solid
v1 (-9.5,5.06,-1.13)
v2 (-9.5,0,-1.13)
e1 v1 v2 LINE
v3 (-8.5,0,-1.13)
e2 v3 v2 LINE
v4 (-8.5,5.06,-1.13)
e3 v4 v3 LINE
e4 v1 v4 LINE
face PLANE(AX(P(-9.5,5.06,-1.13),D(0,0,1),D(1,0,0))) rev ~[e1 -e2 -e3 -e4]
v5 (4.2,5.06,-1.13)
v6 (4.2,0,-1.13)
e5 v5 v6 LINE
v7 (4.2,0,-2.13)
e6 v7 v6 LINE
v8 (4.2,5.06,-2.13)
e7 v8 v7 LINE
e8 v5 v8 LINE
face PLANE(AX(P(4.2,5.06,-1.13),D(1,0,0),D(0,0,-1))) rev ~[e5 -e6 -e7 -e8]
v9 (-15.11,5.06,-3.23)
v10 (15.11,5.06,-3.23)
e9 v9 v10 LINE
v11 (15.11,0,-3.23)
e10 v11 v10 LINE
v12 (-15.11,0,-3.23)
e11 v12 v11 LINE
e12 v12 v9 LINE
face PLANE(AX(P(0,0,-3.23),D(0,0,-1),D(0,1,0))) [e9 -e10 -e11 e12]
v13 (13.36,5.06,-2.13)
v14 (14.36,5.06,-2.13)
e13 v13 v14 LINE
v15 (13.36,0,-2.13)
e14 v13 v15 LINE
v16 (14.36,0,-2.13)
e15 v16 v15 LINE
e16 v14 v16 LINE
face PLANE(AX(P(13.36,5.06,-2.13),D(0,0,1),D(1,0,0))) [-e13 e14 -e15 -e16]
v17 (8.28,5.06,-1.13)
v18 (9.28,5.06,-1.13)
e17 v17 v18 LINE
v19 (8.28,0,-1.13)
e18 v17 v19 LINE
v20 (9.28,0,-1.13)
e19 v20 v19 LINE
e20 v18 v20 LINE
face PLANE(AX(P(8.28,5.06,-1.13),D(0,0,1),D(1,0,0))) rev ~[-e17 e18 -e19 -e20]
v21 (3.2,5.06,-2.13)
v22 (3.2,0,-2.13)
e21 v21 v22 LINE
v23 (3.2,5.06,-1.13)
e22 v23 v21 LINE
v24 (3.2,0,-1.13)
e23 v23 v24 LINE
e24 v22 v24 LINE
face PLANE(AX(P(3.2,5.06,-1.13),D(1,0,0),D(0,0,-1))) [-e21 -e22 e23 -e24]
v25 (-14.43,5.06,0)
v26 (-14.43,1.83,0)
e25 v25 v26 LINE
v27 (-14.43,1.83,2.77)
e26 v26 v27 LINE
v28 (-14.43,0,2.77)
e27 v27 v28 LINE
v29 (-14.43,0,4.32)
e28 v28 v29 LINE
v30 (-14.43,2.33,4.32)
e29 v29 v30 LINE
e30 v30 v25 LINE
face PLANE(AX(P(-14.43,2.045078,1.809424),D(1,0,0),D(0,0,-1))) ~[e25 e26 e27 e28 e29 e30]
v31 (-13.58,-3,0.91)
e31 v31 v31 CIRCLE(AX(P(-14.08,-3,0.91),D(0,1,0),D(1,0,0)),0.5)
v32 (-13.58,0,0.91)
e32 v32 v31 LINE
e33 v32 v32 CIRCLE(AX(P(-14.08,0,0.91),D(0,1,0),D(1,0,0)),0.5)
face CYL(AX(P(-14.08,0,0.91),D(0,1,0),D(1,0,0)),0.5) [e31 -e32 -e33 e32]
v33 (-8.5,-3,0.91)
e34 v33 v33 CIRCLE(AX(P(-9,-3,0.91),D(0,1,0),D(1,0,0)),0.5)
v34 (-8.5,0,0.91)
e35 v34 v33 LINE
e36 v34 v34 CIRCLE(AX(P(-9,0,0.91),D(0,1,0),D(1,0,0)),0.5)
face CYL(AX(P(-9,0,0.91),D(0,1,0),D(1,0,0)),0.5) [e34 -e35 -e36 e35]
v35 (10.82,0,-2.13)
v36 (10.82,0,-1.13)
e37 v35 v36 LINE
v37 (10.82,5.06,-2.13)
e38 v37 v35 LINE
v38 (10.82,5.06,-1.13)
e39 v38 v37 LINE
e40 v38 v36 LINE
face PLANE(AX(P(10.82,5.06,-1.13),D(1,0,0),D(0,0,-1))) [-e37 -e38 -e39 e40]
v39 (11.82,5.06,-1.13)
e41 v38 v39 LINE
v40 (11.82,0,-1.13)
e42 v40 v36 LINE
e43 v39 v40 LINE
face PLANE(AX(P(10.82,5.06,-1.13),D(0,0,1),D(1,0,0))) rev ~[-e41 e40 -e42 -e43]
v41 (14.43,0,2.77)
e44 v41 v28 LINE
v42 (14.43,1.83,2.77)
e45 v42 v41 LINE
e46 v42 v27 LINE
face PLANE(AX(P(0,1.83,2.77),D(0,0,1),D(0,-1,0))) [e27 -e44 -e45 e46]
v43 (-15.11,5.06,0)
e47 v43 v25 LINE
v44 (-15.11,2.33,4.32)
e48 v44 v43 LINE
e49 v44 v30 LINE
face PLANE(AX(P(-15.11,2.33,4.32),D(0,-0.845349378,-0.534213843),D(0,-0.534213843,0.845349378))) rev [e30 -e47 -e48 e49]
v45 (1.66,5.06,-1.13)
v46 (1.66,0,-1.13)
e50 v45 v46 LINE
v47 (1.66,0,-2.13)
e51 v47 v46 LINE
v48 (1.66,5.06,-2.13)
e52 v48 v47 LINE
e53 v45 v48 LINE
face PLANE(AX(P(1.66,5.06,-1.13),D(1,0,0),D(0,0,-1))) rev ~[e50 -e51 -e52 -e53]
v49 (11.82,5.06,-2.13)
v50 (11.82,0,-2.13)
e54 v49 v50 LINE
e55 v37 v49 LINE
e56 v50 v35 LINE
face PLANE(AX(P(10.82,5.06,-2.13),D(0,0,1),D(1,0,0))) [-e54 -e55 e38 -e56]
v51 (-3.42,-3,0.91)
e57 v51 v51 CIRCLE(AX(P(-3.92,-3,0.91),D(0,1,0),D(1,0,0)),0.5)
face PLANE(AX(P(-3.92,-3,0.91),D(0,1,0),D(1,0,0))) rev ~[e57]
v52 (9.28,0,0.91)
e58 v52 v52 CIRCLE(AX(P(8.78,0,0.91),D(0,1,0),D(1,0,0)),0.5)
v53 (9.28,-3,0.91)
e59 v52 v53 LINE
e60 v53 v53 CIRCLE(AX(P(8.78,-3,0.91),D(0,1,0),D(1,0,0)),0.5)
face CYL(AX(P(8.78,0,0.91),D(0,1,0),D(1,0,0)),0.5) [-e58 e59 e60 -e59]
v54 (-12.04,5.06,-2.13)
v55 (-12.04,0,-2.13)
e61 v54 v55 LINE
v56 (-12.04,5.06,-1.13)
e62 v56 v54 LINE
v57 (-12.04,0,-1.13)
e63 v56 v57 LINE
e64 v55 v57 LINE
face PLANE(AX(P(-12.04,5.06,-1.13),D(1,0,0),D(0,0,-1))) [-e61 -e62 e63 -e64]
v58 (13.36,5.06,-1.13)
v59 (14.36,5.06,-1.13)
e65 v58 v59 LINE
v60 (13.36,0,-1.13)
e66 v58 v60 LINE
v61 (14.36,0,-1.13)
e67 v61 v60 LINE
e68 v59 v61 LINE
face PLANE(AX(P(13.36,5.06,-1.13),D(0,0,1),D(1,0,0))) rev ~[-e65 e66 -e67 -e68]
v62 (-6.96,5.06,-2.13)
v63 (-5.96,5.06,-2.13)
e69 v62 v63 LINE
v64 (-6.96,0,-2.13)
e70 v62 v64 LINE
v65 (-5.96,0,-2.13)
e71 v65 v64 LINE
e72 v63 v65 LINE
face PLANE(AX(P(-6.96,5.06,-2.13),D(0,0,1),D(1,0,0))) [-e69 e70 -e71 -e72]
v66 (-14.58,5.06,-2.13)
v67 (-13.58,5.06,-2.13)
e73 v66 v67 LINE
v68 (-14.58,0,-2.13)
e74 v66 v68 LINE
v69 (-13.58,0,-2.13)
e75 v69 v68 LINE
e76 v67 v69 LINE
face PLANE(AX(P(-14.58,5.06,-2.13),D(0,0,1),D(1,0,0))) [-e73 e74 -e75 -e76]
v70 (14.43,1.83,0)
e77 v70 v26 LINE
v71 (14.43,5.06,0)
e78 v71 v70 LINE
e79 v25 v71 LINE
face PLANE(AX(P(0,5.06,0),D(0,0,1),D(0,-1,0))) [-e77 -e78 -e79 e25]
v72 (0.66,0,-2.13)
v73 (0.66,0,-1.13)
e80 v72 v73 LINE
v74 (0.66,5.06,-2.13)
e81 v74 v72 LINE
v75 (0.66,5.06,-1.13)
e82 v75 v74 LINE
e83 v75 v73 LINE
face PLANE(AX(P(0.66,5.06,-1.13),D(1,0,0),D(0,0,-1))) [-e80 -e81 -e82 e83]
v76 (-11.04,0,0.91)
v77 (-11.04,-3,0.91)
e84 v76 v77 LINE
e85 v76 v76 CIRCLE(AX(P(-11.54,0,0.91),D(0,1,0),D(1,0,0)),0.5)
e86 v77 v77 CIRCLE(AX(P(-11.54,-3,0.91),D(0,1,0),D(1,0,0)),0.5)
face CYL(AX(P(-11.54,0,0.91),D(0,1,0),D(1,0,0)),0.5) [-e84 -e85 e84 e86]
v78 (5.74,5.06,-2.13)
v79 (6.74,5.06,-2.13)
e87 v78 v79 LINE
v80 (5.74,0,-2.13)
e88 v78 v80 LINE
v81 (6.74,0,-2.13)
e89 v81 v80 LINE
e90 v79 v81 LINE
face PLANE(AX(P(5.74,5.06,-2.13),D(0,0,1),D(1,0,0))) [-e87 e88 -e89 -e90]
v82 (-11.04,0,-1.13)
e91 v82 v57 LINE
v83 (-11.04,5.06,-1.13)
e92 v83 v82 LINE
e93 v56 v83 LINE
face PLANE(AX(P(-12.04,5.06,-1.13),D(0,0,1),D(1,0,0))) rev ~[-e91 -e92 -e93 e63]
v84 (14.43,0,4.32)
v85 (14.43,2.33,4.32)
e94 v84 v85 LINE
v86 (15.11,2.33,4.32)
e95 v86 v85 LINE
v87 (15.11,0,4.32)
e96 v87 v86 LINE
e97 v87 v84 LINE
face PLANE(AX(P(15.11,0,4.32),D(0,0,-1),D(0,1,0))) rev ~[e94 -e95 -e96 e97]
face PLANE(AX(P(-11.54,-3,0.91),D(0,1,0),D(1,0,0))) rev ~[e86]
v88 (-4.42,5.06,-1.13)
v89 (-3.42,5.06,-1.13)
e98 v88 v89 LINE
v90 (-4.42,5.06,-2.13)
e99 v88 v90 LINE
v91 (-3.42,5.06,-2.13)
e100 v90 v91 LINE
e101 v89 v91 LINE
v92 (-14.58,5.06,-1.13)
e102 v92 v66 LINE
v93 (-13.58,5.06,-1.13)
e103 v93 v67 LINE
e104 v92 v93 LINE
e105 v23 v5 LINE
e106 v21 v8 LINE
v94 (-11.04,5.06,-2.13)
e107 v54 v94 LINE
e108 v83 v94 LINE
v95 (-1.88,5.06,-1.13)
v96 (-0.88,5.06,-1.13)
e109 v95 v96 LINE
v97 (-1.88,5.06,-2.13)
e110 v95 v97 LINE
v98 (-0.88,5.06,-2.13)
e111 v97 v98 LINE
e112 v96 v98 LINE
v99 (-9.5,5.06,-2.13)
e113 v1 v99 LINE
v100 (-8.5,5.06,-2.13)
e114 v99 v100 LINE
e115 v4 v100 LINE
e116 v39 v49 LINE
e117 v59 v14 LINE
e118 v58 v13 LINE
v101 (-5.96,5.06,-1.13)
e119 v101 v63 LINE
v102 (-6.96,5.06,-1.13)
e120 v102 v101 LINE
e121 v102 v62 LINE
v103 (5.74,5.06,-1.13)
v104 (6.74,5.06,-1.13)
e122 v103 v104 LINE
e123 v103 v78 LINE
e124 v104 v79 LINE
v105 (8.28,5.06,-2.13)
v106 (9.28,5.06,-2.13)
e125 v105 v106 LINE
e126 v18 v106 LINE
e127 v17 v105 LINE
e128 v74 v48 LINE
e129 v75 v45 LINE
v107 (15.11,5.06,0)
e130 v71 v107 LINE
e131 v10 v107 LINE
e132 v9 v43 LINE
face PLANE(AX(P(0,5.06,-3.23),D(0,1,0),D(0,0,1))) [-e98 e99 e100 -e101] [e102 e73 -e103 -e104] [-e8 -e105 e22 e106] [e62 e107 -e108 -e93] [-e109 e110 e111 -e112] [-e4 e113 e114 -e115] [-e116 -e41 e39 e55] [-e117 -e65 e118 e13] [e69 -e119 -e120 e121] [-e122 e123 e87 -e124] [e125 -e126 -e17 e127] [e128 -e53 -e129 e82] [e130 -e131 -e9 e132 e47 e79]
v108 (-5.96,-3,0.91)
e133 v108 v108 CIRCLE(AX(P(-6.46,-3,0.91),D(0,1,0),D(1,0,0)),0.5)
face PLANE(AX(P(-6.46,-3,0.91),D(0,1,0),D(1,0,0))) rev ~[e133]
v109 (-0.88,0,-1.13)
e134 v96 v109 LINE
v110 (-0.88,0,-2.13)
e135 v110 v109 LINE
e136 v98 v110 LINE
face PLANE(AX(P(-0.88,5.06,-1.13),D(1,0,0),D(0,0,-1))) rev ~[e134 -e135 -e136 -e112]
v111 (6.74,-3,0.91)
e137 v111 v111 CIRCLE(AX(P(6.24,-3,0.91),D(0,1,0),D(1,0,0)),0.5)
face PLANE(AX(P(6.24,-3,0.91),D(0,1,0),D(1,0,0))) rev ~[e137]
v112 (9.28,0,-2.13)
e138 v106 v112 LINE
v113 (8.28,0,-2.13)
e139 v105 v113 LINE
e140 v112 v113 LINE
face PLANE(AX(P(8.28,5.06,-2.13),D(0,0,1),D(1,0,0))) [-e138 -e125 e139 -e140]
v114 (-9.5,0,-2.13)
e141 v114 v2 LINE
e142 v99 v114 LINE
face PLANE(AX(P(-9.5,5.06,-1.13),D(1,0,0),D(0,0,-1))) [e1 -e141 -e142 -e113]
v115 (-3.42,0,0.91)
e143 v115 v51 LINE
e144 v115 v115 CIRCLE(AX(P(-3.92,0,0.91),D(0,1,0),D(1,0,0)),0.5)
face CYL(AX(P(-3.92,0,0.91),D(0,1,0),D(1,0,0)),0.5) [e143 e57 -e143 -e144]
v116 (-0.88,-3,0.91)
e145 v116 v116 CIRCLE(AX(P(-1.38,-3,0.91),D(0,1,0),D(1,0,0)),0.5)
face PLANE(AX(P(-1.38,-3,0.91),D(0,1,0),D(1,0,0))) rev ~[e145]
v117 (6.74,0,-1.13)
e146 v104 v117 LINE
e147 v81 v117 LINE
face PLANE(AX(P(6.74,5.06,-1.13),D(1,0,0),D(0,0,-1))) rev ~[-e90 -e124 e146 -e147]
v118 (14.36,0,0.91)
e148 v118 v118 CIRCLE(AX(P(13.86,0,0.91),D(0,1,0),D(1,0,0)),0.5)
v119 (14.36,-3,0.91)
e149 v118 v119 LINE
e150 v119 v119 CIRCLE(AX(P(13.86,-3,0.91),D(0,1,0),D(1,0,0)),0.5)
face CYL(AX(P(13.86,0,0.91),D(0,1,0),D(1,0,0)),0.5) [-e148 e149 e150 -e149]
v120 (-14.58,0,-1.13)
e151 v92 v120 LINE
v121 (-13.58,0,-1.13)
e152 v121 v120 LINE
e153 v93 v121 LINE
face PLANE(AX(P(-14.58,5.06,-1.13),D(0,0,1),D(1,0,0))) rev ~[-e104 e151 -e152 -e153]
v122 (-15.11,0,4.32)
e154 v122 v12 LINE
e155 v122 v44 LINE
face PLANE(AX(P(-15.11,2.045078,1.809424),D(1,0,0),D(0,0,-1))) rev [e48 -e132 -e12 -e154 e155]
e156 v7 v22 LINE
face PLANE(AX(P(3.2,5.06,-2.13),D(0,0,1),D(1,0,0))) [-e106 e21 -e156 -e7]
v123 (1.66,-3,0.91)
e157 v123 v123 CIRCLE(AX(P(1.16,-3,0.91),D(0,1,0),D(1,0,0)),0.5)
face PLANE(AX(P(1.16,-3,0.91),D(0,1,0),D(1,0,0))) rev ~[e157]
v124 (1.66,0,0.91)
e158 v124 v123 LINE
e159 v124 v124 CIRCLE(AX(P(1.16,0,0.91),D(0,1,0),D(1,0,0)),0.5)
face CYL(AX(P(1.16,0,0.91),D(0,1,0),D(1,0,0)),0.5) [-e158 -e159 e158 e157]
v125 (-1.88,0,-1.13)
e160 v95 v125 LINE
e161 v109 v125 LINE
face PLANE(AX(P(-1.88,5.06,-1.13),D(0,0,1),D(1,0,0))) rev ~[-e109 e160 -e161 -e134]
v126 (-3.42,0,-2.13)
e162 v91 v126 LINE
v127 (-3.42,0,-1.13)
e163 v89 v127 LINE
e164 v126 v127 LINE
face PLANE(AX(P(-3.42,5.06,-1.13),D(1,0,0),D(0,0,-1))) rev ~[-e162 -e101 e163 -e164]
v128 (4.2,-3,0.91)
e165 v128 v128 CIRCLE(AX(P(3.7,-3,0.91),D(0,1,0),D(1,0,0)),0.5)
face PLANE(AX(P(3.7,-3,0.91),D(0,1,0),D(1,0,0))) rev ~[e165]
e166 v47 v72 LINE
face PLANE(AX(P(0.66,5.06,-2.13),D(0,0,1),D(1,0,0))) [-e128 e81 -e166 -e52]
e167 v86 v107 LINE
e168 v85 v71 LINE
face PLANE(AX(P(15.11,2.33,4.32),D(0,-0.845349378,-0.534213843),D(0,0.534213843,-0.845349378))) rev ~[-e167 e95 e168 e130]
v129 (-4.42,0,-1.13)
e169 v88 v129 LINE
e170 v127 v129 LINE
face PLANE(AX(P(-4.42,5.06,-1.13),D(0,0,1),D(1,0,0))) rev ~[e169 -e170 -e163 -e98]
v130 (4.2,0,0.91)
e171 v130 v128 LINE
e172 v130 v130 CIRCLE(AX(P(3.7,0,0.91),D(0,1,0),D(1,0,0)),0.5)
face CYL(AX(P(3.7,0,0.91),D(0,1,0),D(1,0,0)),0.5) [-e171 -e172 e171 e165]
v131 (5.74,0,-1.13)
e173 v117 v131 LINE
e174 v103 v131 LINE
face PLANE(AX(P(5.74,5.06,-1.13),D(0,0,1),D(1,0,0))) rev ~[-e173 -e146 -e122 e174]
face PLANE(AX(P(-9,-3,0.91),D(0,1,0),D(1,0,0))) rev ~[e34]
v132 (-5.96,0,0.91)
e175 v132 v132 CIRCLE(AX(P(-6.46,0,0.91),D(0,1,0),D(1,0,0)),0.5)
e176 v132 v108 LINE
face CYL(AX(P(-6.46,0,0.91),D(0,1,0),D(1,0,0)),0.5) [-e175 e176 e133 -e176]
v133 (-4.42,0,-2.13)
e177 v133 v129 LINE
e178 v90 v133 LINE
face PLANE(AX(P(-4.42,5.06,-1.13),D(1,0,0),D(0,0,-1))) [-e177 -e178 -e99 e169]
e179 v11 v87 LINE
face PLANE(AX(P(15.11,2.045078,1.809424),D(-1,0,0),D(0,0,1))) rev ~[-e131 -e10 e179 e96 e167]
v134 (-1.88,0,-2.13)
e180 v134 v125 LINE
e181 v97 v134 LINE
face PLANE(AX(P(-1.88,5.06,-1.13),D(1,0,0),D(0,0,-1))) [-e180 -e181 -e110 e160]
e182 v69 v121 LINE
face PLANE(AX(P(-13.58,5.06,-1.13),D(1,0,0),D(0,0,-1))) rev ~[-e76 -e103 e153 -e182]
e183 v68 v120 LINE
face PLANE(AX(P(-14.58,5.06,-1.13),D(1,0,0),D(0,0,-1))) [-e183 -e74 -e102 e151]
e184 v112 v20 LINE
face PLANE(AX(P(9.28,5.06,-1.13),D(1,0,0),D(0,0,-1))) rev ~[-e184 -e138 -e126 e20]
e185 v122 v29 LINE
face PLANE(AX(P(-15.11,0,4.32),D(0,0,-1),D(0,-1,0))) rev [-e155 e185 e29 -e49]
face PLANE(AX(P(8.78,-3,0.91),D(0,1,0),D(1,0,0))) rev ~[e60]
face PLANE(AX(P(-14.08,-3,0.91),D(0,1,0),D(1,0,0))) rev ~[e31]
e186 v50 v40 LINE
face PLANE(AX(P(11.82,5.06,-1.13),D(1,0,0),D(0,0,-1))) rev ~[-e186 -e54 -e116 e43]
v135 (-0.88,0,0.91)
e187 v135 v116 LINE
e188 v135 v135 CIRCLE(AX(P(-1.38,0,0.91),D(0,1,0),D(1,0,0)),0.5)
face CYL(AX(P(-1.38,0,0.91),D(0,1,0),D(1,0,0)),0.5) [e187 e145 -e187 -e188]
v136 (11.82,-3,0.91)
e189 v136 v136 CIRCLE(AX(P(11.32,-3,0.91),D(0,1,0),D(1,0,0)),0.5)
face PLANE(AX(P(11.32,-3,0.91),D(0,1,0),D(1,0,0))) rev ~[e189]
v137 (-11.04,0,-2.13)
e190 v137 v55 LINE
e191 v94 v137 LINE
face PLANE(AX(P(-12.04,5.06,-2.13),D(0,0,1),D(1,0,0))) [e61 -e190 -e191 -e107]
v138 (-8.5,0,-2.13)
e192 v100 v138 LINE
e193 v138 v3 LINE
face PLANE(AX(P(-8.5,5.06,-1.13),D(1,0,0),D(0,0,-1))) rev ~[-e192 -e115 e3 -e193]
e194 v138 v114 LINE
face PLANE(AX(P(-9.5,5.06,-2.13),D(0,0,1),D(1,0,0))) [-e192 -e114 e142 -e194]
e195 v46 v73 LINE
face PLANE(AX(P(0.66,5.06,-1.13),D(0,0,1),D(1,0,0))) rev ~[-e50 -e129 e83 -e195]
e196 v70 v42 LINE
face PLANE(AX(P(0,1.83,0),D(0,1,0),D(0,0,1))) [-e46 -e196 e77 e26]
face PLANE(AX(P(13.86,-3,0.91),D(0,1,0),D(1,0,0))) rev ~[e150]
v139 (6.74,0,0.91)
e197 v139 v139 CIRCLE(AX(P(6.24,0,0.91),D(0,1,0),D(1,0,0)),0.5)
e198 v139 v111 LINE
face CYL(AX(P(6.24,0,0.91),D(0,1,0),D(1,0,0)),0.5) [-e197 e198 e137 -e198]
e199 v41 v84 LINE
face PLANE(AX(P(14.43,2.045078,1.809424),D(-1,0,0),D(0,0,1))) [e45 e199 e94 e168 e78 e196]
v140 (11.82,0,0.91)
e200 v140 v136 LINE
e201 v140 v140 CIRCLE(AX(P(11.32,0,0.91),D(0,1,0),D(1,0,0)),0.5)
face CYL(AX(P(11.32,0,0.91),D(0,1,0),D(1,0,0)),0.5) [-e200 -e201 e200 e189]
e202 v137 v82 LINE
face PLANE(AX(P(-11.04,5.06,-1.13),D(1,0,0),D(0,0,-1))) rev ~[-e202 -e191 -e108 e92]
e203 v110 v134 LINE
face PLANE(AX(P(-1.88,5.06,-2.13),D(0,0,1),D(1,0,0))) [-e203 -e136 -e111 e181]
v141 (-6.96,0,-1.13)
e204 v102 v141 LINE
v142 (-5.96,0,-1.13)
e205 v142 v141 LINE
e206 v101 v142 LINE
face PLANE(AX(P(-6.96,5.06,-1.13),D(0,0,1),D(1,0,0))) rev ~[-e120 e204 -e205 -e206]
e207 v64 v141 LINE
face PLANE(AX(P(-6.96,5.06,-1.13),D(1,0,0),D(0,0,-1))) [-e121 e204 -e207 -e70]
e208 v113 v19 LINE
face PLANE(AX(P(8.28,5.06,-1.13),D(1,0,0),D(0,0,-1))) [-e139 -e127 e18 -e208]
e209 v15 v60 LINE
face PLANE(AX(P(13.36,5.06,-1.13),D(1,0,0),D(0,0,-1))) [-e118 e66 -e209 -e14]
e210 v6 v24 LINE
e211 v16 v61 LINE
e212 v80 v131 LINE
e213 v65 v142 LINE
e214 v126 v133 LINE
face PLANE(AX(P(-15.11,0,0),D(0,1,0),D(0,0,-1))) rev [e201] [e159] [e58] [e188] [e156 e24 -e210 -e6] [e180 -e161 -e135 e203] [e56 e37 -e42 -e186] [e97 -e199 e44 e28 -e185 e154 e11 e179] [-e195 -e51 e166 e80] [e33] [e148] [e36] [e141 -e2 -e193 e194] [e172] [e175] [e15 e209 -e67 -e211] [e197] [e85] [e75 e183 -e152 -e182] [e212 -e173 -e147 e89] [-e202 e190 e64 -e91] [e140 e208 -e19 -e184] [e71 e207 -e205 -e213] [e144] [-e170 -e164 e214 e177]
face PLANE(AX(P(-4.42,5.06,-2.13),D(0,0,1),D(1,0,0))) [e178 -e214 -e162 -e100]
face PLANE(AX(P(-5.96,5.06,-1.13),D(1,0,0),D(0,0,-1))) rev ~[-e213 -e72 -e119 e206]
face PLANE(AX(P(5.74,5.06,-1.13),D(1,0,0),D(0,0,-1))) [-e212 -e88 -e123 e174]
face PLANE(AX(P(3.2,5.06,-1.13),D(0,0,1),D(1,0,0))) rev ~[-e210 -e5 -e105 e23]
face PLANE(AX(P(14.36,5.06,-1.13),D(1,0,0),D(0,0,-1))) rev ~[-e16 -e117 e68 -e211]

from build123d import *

# Parameters (mm, degrees)
BOSS_EXTRUDE1_DEPTH = 15.11
BOSS_EXTRUDE2_DEPTH = 0.68
SKETCH3_W           = 1
SKETCH3_H           = 1
CUT_EXTRUDE1_DEPTH  = 6.06
SKETCH4_R           = 0.5
BOSS_EXTRUDE3_DEPTH = 3
LPATTERN1_COUNT     = 12
LPATTERN1_PITCH     = 2.54


with BuildPart() as part:
    # Sketch1 → Boss-Extrude1 (new body, symmetric)
    with BuildSketch(Plane(origin=(0, 0, 0), x_dir=(0, 0, -1), z_dir=(1, 0, 0))):
        Polygon((-2.77, 0), (3.23, 0), (3.23, 5.06), (0, 5.06), (0, 1.83), (-2.77, 1.83), align=None)
    extrude(amount=BOSS_EXTRUDE1_DEPTH, both=True)

    # Sketch2 → Boss-Extrude2 (add)
    with BuildSketch(Plane(origin=(15.11, 0, 0), x_dir=(0, 0, -1), z_dir=(1, 0, 0))):
        Polygon((-4.32, 0), (-4.32, 2.33), (0, 5.06), (0, 0), align=None)
    boss_extrude2 = extrude(amount=-BOSS_EXTRUDE2_DEPTH)

    # Mirror1: Boss-Extrude2 across plane
    add(boss_extrude2.mirror(Plane(origin=(0, 0, 0), x_dir=(0, 0, 1), z_dir=(1, 0, 0))))

    # Sketch3 → Cut-Extrude1 (cut, through all)
    with BuildSketch(Plane(origin=(0, 5.06, 0), x_dir=(1, 0, 0), z_dir=(0, 1, 0))):
        with Locations((13.86, 1.63)):
            Rectangle(SKETCH3_W, SKETCH3_H)
    cut_extrude1 = extrude(amount=-CUT_EXTRUDE1_DEPTH, mode=Mode.SUBTRACT)

    # Sketch4 → Boss-Extrude3 (add)
    with BuildSketch(Plane(origin=(0, 0, 0), x_dir=(1, 0, 0), z_dir=(0, 1, 0))):
        with Locations((13.86, -0.91)):
            Circle(SKETCH4_R)
    boss_extrude3 = extrude(amount=-BOSS_EXTRUDE3_DEPTH)

    # LPattern1: Cut-Extrude1, Boss-Extrude3 ×12
    with Locations(*[(-i * LPATTERN1_PITCH, 0, 0) for i in range(1, LPATTERN1_COUNT)]):
        add(cut_extrude1, mode=Mode.SUBTRACT)
        add(boss_extrude3)


solid = part.part
